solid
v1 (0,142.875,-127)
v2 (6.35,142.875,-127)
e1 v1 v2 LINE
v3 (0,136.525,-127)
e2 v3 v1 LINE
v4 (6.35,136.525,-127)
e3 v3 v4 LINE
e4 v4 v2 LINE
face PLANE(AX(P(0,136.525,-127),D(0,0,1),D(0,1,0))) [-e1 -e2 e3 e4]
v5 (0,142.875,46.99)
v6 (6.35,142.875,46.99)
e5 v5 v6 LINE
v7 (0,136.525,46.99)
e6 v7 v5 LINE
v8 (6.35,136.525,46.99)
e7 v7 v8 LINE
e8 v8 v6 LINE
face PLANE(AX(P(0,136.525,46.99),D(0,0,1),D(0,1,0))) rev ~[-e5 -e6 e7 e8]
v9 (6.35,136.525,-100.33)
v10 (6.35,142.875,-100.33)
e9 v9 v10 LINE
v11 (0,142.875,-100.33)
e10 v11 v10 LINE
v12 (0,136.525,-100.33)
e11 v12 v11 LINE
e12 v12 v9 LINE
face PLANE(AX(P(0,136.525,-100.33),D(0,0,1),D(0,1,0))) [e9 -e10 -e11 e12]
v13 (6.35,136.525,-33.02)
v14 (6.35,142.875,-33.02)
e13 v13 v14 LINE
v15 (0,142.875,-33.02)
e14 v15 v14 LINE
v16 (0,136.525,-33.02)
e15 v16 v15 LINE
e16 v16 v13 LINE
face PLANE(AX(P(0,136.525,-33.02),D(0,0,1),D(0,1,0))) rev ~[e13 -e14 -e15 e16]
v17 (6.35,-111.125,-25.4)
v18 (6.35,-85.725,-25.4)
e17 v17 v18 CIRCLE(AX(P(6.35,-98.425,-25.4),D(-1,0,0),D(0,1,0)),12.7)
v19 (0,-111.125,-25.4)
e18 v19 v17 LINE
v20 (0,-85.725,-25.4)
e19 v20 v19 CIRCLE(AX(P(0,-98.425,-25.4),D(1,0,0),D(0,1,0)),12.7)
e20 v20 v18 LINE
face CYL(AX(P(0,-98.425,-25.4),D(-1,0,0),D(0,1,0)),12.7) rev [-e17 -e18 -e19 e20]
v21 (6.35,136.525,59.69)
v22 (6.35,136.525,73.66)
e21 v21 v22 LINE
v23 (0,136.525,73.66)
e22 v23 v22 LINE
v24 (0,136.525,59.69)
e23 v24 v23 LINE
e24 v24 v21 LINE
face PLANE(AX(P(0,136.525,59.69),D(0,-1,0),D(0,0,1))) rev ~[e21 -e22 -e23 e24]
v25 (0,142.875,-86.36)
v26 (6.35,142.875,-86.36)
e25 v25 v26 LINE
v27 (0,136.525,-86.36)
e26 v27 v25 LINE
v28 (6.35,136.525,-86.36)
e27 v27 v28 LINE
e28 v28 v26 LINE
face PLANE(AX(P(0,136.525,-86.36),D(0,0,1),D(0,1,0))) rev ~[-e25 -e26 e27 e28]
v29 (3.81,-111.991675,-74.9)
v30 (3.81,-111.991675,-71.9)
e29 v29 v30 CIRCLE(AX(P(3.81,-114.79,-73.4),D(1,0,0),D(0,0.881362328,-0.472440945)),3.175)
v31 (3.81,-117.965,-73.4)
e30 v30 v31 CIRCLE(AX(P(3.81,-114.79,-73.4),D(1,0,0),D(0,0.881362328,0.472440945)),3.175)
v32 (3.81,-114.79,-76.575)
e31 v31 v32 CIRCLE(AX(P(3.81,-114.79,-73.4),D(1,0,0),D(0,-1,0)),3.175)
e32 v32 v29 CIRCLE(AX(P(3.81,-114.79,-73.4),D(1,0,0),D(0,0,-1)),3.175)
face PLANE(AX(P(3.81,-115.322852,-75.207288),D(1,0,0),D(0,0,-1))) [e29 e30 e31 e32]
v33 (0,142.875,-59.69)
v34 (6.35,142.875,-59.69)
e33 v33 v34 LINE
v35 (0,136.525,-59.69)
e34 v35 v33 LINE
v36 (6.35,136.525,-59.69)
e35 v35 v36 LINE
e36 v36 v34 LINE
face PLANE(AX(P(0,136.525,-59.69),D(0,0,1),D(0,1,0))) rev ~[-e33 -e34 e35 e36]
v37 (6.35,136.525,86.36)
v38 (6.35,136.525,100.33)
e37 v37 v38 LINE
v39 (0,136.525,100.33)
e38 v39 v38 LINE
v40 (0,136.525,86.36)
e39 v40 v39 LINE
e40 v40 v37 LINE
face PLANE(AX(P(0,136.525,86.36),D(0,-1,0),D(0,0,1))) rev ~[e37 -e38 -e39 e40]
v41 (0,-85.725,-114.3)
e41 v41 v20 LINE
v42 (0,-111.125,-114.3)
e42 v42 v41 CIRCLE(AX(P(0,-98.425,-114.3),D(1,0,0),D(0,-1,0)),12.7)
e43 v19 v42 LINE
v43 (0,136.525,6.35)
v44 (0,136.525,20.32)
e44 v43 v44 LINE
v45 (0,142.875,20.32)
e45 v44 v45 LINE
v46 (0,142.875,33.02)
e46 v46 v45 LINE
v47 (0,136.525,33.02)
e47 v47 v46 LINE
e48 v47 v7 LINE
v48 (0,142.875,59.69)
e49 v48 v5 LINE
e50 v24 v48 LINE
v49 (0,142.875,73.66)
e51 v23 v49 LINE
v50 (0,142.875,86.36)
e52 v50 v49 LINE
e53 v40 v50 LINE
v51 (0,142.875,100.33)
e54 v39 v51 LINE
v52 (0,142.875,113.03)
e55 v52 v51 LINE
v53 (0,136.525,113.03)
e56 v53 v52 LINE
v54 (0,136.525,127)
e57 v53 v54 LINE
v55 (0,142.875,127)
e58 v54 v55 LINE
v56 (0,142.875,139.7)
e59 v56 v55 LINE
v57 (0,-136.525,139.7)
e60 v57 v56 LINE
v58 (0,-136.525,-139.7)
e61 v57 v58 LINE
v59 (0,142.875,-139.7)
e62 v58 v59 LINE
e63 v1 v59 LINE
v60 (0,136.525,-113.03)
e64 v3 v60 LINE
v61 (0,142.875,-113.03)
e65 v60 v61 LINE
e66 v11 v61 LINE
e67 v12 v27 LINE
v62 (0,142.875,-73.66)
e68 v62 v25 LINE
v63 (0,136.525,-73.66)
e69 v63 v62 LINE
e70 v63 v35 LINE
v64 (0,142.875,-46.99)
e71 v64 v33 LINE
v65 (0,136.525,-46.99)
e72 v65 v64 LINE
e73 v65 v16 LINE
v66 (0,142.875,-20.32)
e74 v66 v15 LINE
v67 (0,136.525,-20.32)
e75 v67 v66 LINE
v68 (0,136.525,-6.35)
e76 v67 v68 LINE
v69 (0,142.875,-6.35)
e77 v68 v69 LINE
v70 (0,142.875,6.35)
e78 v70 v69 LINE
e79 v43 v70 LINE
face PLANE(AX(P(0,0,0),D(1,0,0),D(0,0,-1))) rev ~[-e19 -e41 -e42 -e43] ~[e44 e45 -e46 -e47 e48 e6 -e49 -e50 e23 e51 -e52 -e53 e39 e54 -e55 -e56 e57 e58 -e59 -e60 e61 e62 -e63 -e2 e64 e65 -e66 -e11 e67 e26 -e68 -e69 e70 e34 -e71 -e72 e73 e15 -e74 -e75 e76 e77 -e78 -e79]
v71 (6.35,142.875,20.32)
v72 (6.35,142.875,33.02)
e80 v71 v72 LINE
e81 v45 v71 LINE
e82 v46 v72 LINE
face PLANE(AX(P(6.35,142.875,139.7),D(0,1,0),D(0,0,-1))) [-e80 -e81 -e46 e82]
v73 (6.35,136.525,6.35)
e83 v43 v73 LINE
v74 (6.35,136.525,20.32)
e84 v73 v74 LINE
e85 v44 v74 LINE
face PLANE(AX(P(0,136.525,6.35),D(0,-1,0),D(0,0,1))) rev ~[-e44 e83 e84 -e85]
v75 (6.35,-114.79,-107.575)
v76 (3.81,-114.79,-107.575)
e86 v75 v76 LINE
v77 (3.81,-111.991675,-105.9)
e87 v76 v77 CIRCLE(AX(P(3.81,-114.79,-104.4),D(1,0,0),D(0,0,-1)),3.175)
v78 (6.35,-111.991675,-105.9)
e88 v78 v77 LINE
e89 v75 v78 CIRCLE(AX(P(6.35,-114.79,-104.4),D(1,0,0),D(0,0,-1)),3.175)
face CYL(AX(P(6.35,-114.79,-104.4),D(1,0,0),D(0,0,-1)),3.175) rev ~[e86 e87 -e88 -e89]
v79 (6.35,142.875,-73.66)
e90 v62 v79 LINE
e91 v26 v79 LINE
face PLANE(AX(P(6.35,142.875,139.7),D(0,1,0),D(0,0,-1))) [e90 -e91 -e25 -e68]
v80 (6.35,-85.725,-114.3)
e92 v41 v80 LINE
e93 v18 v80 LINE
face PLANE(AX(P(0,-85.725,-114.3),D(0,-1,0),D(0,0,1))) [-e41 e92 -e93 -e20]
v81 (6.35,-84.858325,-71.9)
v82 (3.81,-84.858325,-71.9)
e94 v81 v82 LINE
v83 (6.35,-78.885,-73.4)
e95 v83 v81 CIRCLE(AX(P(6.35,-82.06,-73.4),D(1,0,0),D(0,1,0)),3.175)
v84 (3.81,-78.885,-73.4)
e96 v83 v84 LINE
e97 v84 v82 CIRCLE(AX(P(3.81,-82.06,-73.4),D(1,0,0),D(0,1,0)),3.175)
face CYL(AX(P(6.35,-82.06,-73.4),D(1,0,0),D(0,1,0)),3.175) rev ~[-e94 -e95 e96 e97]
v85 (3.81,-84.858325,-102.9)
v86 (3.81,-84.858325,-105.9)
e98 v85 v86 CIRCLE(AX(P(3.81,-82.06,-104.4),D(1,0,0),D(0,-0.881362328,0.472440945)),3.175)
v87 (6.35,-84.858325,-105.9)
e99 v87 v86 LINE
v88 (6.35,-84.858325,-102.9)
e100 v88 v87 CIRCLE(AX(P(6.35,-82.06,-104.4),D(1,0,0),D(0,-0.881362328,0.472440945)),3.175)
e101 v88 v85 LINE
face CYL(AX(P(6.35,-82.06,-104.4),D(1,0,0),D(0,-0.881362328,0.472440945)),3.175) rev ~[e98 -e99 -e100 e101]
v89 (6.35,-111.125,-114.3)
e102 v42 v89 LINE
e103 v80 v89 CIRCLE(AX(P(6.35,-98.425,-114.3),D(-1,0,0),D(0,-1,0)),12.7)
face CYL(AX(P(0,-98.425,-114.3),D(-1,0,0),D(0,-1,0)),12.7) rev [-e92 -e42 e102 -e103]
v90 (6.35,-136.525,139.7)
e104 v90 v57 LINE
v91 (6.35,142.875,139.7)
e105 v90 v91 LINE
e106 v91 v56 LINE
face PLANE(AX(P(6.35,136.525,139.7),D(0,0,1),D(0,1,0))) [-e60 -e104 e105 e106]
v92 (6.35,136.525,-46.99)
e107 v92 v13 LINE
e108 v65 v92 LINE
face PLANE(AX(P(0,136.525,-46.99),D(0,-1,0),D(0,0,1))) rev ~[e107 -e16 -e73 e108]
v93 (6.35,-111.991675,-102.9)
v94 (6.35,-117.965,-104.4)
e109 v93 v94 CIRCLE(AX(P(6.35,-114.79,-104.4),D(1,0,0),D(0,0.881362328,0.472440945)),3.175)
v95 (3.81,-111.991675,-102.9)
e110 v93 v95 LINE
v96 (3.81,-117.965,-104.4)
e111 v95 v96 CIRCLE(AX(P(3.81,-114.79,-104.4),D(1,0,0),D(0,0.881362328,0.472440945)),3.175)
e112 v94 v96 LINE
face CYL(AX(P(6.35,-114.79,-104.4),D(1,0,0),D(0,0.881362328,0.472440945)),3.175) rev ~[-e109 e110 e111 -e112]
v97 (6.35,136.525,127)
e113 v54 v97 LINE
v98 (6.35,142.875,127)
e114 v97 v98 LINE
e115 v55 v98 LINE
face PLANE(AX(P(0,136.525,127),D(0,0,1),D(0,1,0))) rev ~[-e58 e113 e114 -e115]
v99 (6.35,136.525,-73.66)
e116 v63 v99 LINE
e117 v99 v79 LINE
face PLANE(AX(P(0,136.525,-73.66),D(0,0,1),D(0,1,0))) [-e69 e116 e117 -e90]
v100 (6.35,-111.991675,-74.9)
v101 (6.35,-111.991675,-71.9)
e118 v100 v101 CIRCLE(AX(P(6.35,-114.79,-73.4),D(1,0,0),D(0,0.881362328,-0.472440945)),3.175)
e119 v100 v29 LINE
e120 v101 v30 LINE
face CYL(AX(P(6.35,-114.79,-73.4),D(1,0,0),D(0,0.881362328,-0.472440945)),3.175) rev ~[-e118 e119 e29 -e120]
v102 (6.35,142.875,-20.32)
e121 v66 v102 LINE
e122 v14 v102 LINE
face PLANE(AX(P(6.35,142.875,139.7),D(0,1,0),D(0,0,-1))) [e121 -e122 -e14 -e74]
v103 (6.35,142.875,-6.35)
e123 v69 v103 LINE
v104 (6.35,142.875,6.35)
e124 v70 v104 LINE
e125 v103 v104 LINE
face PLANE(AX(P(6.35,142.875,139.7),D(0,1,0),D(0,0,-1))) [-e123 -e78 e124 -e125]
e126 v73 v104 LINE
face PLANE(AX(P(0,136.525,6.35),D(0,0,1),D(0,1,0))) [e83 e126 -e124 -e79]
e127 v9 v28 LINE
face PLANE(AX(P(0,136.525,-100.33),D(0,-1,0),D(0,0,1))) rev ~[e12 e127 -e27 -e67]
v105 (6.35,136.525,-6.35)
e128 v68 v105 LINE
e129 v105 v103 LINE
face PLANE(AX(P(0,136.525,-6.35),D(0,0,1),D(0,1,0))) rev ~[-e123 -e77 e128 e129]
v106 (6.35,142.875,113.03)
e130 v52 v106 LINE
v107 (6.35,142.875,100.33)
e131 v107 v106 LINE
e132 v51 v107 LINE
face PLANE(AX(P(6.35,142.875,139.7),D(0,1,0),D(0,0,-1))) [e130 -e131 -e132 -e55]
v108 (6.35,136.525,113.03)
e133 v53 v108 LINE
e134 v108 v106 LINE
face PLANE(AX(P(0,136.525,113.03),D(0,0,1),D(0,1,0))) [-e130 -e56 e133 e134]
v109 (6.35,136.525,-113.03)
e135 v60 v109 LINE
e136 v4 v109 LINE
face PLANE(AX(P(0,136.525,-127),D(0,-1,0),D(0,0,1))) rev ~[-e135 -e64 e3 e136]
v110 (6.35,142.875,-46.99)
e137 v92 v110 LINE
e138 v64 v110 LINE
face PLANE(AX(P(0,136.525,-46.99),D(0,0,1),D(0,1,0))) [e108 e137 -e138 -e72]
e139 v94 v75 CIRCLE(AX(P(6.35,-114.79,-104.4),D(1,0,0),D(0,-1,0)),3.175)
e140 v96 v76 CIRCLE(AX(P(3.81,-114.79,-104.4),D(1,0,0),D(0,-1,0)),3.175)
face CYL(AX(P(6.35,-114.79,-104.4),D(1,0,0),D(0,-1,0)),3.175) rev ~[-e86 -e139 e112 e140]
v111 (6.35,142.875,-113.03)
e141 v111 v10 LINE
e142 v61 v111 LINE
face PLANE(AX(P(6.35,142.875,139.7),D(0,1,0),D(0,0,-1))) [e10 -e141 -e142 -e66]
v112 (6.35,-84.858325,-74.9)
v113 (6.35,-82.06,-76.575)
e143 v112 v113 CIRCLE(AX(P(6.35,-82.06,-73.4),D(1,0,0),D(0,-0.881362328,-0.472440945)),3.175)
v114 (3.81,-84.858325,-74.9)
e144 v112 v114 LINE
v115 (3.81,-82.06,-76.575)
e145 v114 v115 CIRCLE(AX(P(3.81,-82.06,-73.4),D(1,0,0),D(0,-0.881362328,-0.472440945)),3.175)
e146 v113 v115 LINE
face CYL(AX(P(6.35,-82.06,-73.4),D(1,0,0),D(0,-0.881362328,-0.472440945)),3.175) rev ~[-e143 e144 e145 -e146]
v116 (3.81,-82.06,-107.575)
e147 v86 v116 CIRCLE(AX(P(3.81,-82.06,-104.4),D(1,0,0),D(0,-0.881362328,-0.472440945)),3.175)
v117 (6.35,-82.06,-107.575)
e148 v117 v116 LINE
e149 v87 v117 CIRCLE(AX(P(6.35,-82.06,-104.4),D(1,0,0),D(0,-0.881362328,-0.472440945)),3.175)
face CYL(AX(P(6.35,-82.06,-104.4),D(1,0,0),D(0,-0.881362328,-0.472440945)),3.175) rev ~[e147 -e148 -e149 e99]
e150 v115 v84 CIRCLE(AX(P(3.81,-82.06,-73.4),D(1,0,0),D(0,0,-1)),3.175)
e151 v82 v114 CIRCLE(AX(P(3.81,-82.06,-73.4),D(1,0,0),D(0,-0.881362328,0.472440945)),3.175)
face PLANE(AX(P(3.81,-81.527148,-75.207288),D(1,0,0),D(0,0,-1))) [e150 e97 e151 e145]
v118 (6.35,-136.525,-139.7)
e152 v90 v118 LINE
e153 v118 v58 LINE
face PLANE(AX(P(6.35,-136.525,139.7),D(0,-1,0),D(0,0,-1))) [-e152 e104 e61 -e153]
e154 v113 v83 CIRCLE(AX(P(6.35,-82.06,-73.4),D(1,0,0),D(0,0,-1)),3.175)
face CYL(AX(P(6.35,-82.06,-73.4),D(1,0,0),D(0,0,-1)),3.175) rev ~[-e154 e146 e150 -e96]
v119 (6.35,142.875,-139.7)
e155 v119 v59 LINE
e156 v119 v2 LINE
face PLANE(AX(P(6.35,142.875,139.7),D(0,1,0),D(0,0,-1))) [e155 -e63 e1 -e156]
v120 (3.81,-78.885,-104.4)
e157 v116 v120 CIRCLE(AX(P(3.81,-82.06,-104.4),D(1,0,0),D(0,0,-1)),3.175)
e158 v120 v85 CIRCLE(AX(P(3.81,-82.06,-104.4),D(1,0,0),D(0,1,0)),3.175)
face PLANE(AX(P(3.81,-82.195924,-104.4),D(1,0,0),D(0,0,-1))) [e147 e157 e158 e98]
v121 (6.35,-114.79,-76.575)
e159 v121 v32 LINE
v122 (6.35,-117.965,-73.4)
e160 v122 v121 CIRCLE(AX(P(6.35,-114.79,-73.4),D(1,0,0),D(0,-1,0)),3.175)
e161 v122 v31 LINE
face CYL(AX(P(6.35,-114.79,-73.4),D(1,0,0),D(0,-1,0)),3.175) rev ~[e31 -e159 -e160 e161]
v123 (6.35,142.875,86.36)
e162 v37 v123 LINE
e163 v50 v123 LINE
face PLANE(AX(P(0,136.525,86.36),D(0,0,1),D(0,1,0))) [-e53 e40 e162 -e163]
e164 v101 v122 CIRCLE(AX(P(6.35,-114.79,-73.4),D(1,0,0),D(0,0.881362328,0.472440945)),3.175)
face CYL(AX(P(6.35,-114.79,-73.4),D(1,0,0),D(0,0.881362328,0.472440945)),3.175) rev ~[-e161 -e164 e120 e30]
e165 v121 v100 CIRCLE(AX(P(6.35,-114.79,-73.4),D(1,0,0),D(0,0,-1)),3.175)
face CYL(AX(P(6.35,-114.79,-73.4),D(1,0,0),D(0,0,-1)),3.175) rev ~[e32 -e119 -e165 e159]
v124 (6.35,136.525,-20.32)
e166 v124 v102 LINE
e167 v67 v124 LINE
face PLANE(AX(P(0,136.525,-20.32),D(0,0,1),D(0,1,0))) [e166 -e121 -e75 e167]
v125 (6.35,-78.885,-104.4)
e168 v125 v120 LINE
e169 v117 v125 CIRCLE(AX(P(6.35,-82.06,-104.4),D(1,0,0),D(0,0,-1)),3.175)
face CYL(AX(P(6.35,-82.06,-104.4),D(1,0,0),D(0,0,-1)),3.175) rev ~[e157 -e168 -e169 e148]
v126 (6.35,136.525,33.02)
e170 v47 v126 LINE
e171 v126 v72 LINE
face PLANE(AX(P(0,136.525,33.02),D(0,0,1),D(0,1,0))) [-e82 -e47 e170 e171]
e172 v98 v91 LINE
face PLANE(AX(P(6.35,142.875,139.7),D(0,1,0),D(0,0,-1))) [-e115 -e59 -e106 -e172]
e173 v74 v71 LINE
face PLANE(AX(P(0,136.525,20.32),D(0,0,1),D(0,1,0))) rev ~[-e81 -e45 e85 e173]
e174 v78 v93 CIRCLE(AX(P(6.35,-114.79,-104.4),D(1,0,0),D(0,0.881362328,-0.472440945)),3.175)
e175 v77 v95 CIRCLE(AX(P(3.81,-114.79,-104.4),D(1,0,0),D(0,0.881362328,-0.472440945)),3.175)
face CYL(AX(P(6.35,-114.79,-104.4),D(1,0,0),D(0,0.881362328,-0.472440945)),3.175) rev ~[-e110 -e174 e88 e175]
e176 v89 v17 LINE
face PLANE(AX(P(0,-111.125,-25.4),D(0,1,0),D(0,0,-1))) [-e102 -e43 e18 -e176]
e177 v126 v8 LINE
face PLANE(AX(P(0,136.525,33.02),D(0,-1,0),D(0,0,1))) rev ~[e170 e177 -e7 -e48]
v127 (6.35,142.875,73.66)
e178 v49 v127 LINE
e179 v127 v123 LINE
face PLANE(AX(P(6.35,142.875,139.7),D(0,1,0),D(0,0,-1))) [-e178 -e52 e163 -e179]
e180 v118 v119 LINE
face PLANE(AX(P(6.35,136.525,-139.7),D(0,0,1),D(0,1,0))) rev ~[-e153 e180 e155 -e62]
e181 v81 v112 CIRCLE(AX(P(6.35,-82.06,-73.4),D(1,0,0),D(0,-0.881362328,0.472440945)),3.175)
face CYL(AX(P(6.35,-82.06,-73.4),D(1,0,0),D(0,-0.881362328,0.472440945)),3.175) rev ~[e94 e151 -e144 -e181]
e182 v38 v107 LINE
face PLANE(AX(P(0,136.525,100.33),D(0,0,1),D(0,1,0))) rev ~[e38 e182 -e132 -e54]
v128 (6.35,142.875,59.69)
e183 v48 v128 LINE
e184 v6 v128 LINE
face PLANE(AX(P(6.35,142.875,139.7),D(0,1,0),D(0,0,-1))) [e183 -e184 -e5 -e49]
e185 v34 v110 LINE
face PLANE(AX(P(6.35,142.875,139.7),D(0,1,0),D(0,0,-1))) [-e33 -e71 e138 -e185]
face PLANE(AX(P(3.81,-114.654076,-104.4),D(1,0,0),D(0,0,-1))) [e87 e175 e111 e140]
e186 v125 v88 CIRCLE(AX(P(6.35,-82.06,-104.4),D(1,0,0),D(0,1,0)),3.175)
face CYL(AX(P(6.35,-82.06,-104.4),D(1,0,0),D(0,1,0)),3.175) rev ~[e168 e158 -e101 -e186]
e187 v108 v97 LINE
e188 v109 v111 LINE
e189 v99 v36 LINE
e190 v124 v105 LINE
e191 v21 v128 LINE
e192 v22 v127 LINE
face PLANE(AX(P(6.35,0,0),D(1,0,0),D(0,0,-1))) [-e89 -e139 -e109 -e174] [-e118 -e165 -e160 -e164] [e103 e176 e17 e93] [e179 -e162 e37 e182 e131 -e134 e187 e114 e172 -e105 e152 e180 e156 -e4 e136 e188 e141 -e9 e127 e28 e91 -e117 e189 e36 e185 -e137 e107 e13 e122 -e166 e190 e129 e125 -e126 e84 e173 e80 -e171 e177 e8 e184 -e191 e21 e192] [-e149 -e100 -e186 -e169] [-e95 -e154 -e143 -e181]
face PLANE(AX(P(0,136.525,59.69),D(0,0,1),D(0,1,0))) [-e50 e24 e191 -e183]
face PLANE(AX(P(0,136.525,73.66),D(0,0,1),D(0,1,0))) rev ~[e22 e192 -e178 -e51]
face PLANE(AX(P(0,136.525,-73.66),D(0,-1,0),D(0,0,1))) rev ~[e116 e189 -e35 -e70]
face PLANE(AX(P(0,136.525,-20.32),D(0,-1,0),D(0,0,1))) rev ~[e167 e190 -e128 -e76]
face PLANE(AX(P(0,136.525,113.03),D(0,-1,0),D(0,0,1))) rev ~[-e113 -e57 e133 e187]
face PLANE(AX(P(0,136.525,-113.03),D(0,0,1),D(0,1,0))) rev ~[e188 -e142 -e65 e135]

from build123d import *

# Parameters (mm, degrees)
SKETCH1_W           = 279.4
SKETCH1_H           = 285.75
BOSS_EXTRUDE1_DEPTH = 6.35
SKETCH2_W           = 279.4
SKETCH2_H           = 6.35
BOSS_EXTRUDE2_DEPTH = 12.7
CUT_EXTRUDE1_DEPTH  = 20.05
SKETCH5_W           = 51.415141408
SKETCH5_H           = 21.159166417
CUT_EXTRUDE2_DEPTH  = 280.4
SKETCH4_W           = 13.97
SKETCH4_H           = 6.35
CUT_EXTRUDE3_DEPTH  = 6.35
CUT_EXTRUDE5_DEPTH  = 2.54
SKETCH7_W           = 279.4
SKETCH7_H           = 6.35
CUT_EXTRUDE6_DEPTH  = 7.35


with BuildPart() as part:
    # Sketch1 → Boss-Extrude1 (new body)
    with BuildSketch(Plane(origin=(0, 0, 0), x_dir=(0, 0, -1), z_dir=(1, 0, 0))):
        Rectangle(SKETCH1_W, SKETCH1_H)
    extrude(amount=BOSS_EXTRUDE1_DEPTH)

    # Sketch2 → Boss-Extrude2 (add)
    with BuildSketch(Plane(origin=(6.35, 0, 0), x_dir=(0, 0, -1), z_dir=(1, 0, 0))):
        with Locations((0, 139.7)):
            Rectangle(SKETCH2_W, SKETCH2_H)
    extrude(amount=BOSS_EXTRUDE2_DEPTH)

    # Sketch3 → Cut-Extrude1 (cut, through all)
    with BuildSketch(Plane.ZY):
        with BuildLine():
            Line((-114.3, -85.725), (-25.4, -85.725))
            ThreePointArc((-25.4, -85.725), (-12.7, -98.425), (-25.4, -111.125))
            Line((-25.4, -111.125), (-114.3, -111.125))
            ThreePointArc((-114.3, -111.125), (-127, -98.425), (-114.3, -85.725))
        make_face()
    extrude(amount=-CUT_EXTRUDE1_DEPTH, mode=Mode.SUBTRACT)

    # Sketch5 → Cut-Extrude2 (cut, through all)
    with BuildSketch(Plane(origin=(0, 0, -139.7), x_dir=(-1, 0, 0), z_dir=(0, 0, -1))):
        with Locations((-32.057570704, 147.104583209)):
            Rectangle(SKETCH5_W, SKETCH5_H)
    extrude(amount=-CUT_EXTRUDE2_DEPTH, mode=Mode.SUBTRACT)

    # Sketch4 → Cut-Extrude3 (cut)
    with BuildSketch(Plane.ZY):
        with Locations((-120.015, 139.7)):
            Rectangle(SKETCH4_W, SKETCH4_H)
        with Locations((-93.345, 139.7)):
            Rectangle(SKETCH4_W, SKETCH4_H)
        with Locations((-66.675, 139.7)):
            Rectangle(SKETCH4_W, SKETCH4_H)
        with Locations((-40.005, 139.7)):
            Rectangle(SKETCH4_W, SKETCH4_H)
        with Locations((-13.335, 139.7)):
            Rectangle(SKETCH4_W, SKETCH4_H)
        with Locations((13.335, 139.7)):
            Rectangle(SKETCH4_W, SKETCH4_H)
        with Locations((40.005, 139.7)):
            Rectangle(SKETCH4_W, SKETCH4_H)
        with Locations((66.675, 139.7)):
            Rectangle(SKETCH4_W, SKETCH4_H)
        with Locations((93.345, 139.7)):
            Rectangle(SKETCH4_W, SKETCH4_H)
        with Locations((120.015, 139.7)):
            Rectangle(SKETCH4_W, SKETCH4_H)
    extrude(amount=-CUT_EXTRUDE3_DEPTH, mode=Mode.SUBTRACT)

    # Sketch6 → Cut-Extrude5 (cut)
    with BuildSketch(Plane(origin=(6.35, 0, 0), x_dir=(0, 0, -1), z_dir=(1, 0, 0))):
        with BuildLine():
            ThreePointArc((76.575, -82.06), (75.64506403, -79.81493597), (73.4, -78.885))
            ThreePointArc((73.4, -78.885), (74.460660172, -79.324339828), (74.9, -80.385))
            Line((74.9, -80.385), (74.9, -84.858325392))
            ThreePointArc((74.9, -84.858325392), (76.124254485, -83.690663209), (76.575, -82.06))
        make_face()
        with BuildLine():
            Line((71.9, -80.385), (71.9, -84.858325392))
            ThreePointArc((71.9, -84.858325392), (73.4, -85.235), (74.9, -84.858325392))
            Line((74.9, -84.858325392), (74.9, -80.385))
            ThreePointArc((74.9, -80.385), (74.460660172, -79.324339828), (73.4, -78.885))
            ThreePointArc((73.4, -78.885), (72.339339828, -79.324339828), (71.9, -80.385))
        make_face()
        with BuildLine():
            ThreePointArc((73.4, -78.885), (70.320608167, -81.286714193), (71.9, -84.858325392))
            Line((71.9, -84.858325392), (71.9, -80.385))
            ThreePointArc((71.9, -80.385), (72.339339828, -79.324339828), (73.4, -78.885))
        make_face()
        with BuildLine():
            Line((102.9, -80.385), (102.9, -84.858325392))
            ThreePointArc((102.9, -84.858325392), (104.4, -85.235), (105.9, -84.858325392))
            Line((105.9, -84.858325392), (105.9, -80.385))
            ThreePointArc((105.9, -80.385), (105.460660172, -79.324339828), (104.4, -78.885))
            ThreePointArc((104.4, -78.885), (103.339339828, -79.324339828), (102.9, -80.385))
        make_face()
        with BuildLine():
            ThreePointArc((104.4, -78.885), (101.320608167, -81.286714193), (102.9, -84.858325392))
            Line((102.9, -84.858325392), (102.9, -80.385))
            ThreePointArc((102.9, -80.385), (103.339339828, -79.324339828), (104.4, -78.885))
        make_face()
        with BuildLine():
            ThreePointArc((107.575, -82.06), (106.64506403, -79.81493597), (104.4, -78.885))
            ThreePointArc((104.4, -78.885), (105.460660172, -79.324339828), (105.9, -80.385))
            Line((105.9, -80.385), (105.9, -84.858325392))
            ThreePointArc((105.9, -84.858325392), (107.124254485, -83.690663209), (107.575, -82.06))
        make_face()
        with BuildLine():
            ThreePointArc((74.9, -116.465), (74.460660172, -117.525660172), (73.4, -117.965))
            ThreePointArc((73.4, -117.965), (75.64506403, -117.03506403), (76.575, -114.79))
            ThreePointArc((76.575, -114.79), (76.124254485, -113.159336791), (74.9, -111.991674608))
            Line((74.9, -111.991674608), (74.9, -116.465))
        make_face()
        with BuildLine():
            Line((71.9, -111.991674608), (71.9, -116.465))
            ThreePointArc((71.9, -116.465), (72.339339828, -117.525660172), (73.4, -117.965))
            ThreePointArc((73.4, -117.965), (74.460660172, -117.525660172), (74.9, -116.465))
            Line((74.9, -116.465), (74.9, -111.991674608))
            ThreePointArc((74.9, -111.991674608), (73.4, -111.615), (71.9, -111.991674608))
        make_face()
        with BuildLine():
            ThreePointArc((73.4, -117.965), (72.339339828, -117.525660172), (71.9, -116.465))
            Line((71.9, -116.465), (71.9, -111.991674608))
            ThreePointArc((71.9, -111.991674608), (70.320608167, -115.563285807), (73.4, -117.965))
        make_face()
        with BuildLine():
            ThreePointArc((104.4, -117.965), (105.460660172, -117.525660172), (105.9, -116.465))
            Line((105.9, -116.465), (105.9, -111.991674608))
            ThreePointArc((105.9, -111.991674608), (104.4, -111.615), (102.9, -111.991674608))
            Line((102.9, -111.991674608), (102.9, -116.465))
            ThreePointArc((102.9, -116.465), (103.339339828, -117.525660172), (104.4, -117.965))
        make_face()
        with BuildLine():
            Line((105.9, -111.991674608), (105.9, -116.465))
            ThreePointArc((105.9, -116.465), (105.460660172, -117.525660172), (104.4, -117.965))
            ThreePointArc((104.4, -117.965), (106.64506403, -117.03506403), (107.575, -114.79))
            ThreePointArc((107.575, -114.79), (107.124254485, -113.159336791), (105.9, -111.991674608))
        make_face()
        with BuildLine():
            ThreePointArc((102.9, -111.991674608), (101.320608167, -115.563285807), (104.4, -117.965))
            ThreePointArc((104.4, -117.965), (103.339339828, -117.525660172), (102.9, -116.465))
            Line((102.9, -116.465), (102.9, -111.991674608))
        make_face()
    extrude(amount=-CUT_EXTRUDE5_DEPTH, mode=Mode.SUBTRACT)

    # Sketch7 → Cut-Extrude6 (cut, through all)
    with BuildSketch(Plane(origin=(6.35, 0, 0), x_dir=(0, 0, -1), z_dir=(1, 0, 0))):
        with Locations((0, -139.7)):
            Rectangle(SKETCH7_W, SKETCH7_H)
    extrude(amount=-CUT_EXTRUDE6_DEPTH, mode=Mode.SUBTRACT)


solid = part.part
